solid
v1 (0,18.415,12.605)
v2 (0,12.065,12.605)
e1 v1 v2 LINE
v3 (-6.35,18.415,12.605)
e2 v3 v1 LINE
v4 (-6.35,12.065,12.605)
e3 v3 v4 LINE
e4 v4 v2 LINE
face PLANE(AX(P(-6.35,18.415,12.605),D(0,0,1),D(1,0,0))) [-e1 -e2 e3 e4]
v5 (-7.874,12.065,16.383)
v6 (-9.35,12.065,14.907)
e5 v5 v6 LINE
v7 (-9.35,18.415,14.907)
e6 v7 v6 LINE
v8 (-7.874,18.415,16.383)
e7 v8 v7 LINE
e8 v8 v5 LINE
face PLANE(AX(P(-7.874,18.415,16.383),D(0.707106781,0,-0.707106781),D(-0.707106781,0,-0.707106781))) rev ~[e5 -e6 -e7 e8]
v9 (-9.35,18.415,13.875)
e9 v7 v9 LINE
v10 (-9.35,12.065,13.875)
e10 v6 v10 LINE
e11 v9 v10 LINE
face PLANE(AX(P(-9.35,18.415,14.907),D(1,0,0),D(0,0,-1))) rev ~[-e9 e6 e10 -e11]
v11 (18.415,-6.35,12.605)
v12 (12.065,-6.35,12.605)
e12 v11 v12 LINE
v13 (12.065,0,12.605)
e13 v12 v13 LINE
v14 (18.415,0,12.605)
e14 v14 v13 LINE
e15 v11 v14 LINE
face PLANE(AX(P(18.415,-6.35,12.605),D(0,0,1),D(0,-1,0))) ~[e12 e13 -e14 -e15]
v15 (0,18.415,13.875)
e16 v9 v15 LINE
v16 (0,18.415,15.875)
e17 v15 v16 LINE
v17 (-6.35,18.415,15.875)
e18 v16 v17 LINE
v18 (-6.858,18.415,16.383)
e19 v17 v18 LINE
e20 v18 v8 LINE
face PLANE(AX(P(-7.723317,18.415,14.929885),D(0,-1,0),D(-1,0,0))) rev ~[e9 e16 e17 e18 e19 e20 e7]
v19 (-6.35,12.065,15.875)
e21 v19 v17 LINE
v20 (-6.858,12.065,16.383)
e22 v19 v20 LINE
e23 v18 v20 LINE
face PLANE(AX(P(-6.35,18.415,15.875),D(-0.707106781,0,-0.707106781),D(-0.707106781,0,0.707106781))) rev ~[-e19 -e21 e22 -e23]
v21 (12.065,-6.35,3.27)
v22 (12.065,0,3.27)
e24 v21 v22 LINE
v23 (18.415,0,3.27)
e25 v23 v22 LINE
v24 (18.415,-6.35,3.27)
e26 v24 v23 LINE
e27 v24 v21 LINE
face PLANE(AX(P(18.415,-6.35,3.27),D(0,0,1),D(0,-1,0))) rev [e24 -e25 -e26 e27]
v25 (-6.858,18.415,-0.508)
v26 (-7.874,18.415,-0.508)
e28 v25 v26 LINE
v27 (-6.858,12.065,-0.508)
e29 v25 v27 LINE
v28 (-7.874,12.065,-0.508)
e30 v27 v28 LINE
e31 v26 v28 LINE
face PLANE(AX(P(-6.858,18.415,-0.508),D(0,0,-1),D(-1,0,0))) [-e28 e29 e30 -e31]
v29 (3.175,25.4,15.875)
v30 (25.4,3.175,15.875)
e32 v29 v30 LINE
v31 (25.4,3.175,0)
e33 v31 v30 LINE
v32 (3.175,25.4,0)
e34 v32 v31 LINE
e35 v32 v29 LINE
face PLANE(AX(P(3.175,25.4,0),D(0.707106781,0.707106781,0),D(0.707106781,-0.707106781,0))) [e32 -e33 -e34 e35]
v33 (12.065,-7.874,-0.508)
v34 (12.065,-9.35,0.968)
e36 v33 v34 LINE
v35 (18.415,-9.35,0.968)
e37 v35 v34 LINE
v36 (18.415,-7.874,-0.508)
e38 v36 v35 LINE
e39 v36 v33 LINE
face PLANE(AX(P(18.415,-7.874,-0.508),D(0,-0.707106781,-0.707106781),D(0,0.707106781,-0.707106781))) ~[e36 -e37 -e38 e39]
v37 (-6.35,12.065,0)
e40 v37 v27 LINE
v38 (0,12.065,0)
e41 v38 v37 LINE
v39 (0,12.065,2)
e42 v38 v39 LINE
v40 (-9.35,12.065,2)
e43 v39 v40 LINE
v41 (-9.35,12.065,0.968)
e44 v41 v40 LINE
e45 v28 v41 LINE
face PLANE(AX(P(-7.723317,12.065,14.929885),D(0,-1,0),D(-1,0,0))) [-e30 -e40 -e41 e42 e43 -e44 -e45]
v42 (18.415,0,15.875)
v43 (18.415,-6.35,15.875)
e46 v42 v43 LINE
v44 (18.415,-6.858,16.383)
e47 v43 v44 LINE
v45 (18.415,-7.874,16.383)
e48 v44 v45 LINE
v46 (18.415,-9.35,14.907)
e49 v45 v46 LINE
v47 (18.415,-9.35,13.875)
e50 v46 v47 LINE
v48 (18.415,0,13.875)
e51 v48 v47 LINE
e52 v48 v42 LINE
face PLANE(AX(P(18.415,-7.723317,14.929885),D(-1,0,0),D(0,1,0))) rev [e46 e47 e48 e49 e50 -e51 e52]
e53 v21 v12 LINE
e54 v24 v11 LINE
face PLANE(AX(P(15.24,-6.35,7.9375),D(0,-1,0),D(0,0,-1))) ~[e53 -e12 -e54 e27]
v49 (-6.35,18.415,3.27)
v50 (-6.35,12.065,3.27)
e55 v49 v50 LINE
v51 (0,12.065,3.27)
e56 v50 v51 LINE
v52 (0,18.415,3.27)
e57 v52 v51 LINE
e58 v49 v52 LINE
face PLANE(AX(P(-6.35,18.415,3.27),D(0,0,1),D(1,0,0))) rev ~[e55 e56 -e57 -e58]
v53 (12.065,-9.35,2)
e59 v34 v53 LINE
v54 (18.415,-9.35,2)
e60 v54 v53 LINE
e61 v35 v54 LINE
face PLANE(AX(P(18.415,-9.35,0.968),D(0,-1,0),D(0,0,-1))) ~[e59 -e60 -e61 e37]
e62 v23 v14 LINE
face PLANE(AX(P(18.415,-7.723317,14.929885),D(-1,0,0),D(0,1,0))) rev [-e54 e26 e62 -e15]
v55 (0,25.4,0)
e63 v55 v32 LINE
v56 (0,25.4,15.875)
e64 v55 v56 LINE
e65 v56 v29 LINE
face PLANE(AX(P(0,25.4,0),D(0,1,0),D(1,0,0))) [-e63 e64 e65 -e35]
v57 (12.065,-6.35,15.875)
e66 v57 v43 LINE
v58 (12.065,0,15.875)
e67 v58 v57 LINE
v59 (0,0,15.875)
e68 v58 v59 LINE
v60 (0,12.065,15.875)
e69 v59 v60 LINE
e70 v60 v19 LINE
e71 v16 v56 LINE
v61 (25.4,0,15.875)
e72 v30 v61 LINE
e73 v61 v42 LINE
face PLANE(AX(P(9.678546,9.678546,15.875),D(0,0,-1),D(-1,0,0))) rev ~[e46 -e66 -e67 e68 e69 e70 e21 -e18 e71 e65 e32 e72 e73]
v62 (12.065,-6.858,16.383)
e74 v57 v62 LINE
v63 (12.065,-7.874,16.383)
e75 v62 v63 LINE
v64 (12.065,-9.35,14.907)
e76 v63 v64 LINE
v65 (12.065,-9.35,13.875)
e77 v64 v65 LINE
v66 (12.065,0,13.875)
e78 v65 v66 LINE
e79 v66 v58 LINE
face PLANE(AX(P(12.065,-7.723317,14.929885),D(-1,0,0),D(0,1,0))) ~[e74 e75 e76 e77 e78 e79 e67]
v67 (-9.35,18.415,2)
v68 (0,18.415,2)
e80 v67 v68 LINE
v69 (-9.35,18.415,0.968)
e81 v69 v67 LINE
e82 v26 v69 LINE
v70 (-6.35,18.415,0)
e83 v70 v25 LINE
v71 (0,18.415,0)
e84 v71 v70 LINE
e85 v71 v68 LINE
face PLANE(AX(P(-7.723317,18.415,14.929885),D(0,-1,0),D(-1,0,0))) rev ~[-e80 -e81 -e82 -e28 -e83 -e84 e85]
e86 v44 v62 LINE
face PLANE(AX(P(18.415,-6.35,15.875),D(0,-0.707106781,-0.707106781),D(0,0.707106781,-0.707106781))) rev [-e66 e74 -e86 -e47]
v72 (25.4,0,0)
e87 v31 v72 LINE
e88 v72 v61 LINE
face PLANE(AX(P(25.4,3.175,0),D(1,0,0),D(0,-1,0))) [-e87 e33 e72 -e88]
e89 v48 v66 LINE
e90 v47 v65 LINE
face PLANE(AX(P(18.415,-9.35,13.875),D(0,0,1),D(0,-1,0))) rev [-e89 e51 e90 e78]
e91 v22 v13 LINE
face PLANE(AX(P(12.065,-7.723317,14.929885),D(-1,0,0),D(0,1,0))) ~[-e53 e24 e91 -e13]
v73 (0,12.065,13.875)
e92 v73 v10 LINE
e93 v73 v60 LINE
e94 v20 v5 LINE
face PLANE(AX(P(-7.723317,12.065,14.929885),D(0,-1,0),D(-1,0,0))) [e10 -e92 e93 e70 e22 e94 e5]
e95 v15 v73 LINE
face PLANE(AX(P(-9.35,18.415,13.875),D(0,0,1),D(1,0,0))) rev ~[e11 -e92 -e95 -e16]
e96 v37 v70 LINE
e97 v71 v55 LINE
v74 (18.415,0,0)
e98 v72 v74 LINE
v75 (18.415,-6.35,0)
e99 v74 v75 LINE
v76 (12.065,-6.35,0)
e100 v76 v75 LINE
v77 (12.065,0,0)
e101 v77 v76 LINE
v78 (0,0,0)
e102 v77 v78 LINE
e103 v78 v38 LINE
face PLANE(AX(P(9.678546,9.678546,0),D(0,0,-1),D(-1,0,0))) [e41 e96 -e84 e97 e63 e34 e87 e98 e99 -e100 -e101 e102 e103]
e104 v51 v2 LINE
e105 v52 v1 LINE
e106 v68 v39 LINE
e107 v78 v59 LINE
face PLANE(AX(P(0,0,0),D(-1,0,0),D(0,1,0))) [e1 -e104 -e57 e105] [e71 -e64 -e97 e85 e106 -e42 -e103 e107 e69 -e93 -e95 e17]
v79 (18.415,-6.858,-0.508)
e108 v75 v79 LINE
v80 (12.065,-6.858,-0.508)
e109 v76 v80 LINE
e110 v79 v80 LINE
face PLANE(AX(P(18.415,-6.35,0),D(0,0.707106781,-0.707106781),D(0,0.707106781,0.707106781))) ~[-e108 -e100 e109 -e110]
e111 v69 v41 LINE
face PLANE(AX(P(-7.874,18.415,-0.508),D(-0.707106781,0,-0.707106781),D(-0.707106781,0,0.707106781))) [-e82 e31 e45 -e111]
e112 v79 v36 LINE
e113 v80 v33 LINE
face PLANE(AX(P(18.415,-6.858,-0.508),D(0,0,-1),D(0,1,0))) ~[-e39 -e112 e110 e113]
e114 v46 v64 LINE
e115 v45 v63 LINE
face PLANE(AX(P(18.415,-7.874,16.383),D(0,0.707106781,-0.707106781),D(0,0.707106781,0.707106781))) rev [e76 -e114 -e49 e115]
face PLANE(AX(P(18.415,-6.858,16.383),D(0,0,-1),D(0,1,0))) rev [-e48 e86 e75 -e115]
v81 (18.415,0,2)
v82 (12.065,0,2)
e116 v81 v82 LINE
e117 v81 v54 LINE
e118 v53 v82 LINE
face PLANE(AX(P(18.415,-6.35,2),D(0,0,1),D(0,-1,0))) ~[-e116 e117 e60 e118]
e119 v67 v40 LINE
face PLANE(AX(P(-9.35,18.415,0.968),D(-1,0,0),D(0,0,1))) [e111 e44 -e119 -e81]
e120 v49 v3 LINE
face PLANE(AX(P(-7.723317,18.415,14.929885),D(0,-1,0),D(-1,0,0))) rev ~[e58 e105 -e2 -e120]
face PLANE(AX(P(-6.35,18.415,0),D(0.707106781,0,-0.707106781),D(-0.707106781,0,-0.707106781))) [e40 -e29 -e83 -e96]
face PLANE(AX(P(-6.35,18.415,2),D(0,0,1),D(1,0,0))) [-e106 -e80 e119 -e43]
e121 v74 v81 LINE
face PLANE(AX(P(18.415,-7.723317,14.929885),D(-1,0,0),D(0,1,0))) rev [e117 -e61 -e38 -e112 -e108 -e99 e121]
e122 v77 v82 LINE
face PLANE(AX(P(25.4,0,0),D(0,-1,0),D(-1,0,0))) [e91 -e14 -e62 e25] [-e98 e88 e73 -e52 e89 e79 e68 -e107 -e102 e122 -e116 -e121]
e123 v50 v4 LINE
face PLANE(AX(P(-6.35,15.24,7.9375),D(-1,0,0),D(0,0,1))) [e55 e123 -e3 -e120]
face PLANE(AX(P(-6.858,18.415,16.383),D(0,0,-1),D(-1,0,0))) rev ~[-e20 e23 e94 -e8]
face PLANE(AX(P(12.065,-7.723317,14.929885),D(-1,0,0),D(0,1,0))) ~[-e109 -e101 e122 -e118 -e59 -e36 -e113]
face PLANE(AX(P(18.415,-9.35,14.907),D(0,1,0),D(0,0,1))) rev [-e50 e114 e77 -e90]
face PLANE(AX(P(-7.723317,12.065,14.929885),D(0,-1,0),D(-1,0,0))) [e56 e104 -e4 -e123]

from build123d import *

# Parameters (mm, degrees)
BOSS_EXTRUDE1_DEPTH = 15.875
SKETCH2_W           = 15.875
SKETCH2_H           = 6.35
BOSS_EXTRUDE2_DEPTH = 6.35
BOSS_EXTRUDE3_DEPTH = 6.35
SKETCH4_W           = 6.35
SKETCH4_H           = 1.27
CUT_EXTRUDE1_DEPTH  = 6.35


with BuildPart() as part:
    # Sketch1 → Boss-Extrude1 (new body)
    with BuildSketch(Plane.XY):
        Polygon((0, 0), (0, 25.4), (3.175, 25.4), (25.4, 3.175), (25.4, 0), align=None)
    extrude(amount=BOSS_EXTRUDE1_DEPTH)

    # Sketch2 → Boss-Extrude2 (add)
    with BuildSketch(Plane.ZY):
        with Locations((7.9375, 15.24)):
            Rectangle(SKETCH2_W, SKETCH2_H)
    boss_extrude2 = extrude(amount=BOSS_EXTRUDE2_DEPTH)

    # Sketch3 → Boss-Extrude3 (add)
    with BuildSketch(Plane(origin=(0, 18.415, 0), x_dir=(1, 0, 0), z_dir=(0, 1, 0))):
        Polygon((-9.35, -14.907), (-9.35, -13.875), (-6.35, -13.875), (-6.35, -15.875), (-6.858, -16.383), (-7.874, -16.383), align=None)
        Polygon((-7.874, 0.508), (-9.35, -0.968), (-9.35, -2), (-6.35, -2), (-6.35, 0), (-6.858, 0.508), align=None)
    boss_extrude3 = extrude(amount=-BOSS_EXTRUDE3_DEPTH)

    # Sketch4 → Cut-Extrude1 (cut)
    with BuildSketch(Plane(origin=(0, 18.415, 0), x_dir=(1, 0, 0), z_dir=(0, 1, 0))):
        with Locations((-3.175, -13.24)):
            Rectangle(SKETCH4_W, SKETCH4_H)
        with Locations((-3.175, -2.635)):
            Rectangle(SKETCH4_W, SKETCH4_H)
    cut_extrude1 = extrude(amount=-CUT_EXTRUDE1_DEPTH, mode=Mode.SUBTRACT)

    # Mirror1: Boss-Extrude2, Boss-Extrude3, Cut-Extrude1 across plane
    add(boss_extrude2.mirror(Plane(origin=(0, 0, 0), x_dir=(0, 0, 1), z_dir=(0.7071067811865476, -0.7071067811865476, 0))))
    add(boss_extrude3.mirror(Plane(origin=(0, 0, 0), x_dir=(0, 0, 1), z_dir=(0.7071067811865476, -0.7071067811865476, 0))))
    add(cut_extrude1.mirror(Plane(origin=(0, 0, 0), x_dir=(0, 0, 1), z_dir=(0.7071067811865476, -0.7071067811865476, 0))), mode=Mode.SUBTRACT)


solid = part.part
